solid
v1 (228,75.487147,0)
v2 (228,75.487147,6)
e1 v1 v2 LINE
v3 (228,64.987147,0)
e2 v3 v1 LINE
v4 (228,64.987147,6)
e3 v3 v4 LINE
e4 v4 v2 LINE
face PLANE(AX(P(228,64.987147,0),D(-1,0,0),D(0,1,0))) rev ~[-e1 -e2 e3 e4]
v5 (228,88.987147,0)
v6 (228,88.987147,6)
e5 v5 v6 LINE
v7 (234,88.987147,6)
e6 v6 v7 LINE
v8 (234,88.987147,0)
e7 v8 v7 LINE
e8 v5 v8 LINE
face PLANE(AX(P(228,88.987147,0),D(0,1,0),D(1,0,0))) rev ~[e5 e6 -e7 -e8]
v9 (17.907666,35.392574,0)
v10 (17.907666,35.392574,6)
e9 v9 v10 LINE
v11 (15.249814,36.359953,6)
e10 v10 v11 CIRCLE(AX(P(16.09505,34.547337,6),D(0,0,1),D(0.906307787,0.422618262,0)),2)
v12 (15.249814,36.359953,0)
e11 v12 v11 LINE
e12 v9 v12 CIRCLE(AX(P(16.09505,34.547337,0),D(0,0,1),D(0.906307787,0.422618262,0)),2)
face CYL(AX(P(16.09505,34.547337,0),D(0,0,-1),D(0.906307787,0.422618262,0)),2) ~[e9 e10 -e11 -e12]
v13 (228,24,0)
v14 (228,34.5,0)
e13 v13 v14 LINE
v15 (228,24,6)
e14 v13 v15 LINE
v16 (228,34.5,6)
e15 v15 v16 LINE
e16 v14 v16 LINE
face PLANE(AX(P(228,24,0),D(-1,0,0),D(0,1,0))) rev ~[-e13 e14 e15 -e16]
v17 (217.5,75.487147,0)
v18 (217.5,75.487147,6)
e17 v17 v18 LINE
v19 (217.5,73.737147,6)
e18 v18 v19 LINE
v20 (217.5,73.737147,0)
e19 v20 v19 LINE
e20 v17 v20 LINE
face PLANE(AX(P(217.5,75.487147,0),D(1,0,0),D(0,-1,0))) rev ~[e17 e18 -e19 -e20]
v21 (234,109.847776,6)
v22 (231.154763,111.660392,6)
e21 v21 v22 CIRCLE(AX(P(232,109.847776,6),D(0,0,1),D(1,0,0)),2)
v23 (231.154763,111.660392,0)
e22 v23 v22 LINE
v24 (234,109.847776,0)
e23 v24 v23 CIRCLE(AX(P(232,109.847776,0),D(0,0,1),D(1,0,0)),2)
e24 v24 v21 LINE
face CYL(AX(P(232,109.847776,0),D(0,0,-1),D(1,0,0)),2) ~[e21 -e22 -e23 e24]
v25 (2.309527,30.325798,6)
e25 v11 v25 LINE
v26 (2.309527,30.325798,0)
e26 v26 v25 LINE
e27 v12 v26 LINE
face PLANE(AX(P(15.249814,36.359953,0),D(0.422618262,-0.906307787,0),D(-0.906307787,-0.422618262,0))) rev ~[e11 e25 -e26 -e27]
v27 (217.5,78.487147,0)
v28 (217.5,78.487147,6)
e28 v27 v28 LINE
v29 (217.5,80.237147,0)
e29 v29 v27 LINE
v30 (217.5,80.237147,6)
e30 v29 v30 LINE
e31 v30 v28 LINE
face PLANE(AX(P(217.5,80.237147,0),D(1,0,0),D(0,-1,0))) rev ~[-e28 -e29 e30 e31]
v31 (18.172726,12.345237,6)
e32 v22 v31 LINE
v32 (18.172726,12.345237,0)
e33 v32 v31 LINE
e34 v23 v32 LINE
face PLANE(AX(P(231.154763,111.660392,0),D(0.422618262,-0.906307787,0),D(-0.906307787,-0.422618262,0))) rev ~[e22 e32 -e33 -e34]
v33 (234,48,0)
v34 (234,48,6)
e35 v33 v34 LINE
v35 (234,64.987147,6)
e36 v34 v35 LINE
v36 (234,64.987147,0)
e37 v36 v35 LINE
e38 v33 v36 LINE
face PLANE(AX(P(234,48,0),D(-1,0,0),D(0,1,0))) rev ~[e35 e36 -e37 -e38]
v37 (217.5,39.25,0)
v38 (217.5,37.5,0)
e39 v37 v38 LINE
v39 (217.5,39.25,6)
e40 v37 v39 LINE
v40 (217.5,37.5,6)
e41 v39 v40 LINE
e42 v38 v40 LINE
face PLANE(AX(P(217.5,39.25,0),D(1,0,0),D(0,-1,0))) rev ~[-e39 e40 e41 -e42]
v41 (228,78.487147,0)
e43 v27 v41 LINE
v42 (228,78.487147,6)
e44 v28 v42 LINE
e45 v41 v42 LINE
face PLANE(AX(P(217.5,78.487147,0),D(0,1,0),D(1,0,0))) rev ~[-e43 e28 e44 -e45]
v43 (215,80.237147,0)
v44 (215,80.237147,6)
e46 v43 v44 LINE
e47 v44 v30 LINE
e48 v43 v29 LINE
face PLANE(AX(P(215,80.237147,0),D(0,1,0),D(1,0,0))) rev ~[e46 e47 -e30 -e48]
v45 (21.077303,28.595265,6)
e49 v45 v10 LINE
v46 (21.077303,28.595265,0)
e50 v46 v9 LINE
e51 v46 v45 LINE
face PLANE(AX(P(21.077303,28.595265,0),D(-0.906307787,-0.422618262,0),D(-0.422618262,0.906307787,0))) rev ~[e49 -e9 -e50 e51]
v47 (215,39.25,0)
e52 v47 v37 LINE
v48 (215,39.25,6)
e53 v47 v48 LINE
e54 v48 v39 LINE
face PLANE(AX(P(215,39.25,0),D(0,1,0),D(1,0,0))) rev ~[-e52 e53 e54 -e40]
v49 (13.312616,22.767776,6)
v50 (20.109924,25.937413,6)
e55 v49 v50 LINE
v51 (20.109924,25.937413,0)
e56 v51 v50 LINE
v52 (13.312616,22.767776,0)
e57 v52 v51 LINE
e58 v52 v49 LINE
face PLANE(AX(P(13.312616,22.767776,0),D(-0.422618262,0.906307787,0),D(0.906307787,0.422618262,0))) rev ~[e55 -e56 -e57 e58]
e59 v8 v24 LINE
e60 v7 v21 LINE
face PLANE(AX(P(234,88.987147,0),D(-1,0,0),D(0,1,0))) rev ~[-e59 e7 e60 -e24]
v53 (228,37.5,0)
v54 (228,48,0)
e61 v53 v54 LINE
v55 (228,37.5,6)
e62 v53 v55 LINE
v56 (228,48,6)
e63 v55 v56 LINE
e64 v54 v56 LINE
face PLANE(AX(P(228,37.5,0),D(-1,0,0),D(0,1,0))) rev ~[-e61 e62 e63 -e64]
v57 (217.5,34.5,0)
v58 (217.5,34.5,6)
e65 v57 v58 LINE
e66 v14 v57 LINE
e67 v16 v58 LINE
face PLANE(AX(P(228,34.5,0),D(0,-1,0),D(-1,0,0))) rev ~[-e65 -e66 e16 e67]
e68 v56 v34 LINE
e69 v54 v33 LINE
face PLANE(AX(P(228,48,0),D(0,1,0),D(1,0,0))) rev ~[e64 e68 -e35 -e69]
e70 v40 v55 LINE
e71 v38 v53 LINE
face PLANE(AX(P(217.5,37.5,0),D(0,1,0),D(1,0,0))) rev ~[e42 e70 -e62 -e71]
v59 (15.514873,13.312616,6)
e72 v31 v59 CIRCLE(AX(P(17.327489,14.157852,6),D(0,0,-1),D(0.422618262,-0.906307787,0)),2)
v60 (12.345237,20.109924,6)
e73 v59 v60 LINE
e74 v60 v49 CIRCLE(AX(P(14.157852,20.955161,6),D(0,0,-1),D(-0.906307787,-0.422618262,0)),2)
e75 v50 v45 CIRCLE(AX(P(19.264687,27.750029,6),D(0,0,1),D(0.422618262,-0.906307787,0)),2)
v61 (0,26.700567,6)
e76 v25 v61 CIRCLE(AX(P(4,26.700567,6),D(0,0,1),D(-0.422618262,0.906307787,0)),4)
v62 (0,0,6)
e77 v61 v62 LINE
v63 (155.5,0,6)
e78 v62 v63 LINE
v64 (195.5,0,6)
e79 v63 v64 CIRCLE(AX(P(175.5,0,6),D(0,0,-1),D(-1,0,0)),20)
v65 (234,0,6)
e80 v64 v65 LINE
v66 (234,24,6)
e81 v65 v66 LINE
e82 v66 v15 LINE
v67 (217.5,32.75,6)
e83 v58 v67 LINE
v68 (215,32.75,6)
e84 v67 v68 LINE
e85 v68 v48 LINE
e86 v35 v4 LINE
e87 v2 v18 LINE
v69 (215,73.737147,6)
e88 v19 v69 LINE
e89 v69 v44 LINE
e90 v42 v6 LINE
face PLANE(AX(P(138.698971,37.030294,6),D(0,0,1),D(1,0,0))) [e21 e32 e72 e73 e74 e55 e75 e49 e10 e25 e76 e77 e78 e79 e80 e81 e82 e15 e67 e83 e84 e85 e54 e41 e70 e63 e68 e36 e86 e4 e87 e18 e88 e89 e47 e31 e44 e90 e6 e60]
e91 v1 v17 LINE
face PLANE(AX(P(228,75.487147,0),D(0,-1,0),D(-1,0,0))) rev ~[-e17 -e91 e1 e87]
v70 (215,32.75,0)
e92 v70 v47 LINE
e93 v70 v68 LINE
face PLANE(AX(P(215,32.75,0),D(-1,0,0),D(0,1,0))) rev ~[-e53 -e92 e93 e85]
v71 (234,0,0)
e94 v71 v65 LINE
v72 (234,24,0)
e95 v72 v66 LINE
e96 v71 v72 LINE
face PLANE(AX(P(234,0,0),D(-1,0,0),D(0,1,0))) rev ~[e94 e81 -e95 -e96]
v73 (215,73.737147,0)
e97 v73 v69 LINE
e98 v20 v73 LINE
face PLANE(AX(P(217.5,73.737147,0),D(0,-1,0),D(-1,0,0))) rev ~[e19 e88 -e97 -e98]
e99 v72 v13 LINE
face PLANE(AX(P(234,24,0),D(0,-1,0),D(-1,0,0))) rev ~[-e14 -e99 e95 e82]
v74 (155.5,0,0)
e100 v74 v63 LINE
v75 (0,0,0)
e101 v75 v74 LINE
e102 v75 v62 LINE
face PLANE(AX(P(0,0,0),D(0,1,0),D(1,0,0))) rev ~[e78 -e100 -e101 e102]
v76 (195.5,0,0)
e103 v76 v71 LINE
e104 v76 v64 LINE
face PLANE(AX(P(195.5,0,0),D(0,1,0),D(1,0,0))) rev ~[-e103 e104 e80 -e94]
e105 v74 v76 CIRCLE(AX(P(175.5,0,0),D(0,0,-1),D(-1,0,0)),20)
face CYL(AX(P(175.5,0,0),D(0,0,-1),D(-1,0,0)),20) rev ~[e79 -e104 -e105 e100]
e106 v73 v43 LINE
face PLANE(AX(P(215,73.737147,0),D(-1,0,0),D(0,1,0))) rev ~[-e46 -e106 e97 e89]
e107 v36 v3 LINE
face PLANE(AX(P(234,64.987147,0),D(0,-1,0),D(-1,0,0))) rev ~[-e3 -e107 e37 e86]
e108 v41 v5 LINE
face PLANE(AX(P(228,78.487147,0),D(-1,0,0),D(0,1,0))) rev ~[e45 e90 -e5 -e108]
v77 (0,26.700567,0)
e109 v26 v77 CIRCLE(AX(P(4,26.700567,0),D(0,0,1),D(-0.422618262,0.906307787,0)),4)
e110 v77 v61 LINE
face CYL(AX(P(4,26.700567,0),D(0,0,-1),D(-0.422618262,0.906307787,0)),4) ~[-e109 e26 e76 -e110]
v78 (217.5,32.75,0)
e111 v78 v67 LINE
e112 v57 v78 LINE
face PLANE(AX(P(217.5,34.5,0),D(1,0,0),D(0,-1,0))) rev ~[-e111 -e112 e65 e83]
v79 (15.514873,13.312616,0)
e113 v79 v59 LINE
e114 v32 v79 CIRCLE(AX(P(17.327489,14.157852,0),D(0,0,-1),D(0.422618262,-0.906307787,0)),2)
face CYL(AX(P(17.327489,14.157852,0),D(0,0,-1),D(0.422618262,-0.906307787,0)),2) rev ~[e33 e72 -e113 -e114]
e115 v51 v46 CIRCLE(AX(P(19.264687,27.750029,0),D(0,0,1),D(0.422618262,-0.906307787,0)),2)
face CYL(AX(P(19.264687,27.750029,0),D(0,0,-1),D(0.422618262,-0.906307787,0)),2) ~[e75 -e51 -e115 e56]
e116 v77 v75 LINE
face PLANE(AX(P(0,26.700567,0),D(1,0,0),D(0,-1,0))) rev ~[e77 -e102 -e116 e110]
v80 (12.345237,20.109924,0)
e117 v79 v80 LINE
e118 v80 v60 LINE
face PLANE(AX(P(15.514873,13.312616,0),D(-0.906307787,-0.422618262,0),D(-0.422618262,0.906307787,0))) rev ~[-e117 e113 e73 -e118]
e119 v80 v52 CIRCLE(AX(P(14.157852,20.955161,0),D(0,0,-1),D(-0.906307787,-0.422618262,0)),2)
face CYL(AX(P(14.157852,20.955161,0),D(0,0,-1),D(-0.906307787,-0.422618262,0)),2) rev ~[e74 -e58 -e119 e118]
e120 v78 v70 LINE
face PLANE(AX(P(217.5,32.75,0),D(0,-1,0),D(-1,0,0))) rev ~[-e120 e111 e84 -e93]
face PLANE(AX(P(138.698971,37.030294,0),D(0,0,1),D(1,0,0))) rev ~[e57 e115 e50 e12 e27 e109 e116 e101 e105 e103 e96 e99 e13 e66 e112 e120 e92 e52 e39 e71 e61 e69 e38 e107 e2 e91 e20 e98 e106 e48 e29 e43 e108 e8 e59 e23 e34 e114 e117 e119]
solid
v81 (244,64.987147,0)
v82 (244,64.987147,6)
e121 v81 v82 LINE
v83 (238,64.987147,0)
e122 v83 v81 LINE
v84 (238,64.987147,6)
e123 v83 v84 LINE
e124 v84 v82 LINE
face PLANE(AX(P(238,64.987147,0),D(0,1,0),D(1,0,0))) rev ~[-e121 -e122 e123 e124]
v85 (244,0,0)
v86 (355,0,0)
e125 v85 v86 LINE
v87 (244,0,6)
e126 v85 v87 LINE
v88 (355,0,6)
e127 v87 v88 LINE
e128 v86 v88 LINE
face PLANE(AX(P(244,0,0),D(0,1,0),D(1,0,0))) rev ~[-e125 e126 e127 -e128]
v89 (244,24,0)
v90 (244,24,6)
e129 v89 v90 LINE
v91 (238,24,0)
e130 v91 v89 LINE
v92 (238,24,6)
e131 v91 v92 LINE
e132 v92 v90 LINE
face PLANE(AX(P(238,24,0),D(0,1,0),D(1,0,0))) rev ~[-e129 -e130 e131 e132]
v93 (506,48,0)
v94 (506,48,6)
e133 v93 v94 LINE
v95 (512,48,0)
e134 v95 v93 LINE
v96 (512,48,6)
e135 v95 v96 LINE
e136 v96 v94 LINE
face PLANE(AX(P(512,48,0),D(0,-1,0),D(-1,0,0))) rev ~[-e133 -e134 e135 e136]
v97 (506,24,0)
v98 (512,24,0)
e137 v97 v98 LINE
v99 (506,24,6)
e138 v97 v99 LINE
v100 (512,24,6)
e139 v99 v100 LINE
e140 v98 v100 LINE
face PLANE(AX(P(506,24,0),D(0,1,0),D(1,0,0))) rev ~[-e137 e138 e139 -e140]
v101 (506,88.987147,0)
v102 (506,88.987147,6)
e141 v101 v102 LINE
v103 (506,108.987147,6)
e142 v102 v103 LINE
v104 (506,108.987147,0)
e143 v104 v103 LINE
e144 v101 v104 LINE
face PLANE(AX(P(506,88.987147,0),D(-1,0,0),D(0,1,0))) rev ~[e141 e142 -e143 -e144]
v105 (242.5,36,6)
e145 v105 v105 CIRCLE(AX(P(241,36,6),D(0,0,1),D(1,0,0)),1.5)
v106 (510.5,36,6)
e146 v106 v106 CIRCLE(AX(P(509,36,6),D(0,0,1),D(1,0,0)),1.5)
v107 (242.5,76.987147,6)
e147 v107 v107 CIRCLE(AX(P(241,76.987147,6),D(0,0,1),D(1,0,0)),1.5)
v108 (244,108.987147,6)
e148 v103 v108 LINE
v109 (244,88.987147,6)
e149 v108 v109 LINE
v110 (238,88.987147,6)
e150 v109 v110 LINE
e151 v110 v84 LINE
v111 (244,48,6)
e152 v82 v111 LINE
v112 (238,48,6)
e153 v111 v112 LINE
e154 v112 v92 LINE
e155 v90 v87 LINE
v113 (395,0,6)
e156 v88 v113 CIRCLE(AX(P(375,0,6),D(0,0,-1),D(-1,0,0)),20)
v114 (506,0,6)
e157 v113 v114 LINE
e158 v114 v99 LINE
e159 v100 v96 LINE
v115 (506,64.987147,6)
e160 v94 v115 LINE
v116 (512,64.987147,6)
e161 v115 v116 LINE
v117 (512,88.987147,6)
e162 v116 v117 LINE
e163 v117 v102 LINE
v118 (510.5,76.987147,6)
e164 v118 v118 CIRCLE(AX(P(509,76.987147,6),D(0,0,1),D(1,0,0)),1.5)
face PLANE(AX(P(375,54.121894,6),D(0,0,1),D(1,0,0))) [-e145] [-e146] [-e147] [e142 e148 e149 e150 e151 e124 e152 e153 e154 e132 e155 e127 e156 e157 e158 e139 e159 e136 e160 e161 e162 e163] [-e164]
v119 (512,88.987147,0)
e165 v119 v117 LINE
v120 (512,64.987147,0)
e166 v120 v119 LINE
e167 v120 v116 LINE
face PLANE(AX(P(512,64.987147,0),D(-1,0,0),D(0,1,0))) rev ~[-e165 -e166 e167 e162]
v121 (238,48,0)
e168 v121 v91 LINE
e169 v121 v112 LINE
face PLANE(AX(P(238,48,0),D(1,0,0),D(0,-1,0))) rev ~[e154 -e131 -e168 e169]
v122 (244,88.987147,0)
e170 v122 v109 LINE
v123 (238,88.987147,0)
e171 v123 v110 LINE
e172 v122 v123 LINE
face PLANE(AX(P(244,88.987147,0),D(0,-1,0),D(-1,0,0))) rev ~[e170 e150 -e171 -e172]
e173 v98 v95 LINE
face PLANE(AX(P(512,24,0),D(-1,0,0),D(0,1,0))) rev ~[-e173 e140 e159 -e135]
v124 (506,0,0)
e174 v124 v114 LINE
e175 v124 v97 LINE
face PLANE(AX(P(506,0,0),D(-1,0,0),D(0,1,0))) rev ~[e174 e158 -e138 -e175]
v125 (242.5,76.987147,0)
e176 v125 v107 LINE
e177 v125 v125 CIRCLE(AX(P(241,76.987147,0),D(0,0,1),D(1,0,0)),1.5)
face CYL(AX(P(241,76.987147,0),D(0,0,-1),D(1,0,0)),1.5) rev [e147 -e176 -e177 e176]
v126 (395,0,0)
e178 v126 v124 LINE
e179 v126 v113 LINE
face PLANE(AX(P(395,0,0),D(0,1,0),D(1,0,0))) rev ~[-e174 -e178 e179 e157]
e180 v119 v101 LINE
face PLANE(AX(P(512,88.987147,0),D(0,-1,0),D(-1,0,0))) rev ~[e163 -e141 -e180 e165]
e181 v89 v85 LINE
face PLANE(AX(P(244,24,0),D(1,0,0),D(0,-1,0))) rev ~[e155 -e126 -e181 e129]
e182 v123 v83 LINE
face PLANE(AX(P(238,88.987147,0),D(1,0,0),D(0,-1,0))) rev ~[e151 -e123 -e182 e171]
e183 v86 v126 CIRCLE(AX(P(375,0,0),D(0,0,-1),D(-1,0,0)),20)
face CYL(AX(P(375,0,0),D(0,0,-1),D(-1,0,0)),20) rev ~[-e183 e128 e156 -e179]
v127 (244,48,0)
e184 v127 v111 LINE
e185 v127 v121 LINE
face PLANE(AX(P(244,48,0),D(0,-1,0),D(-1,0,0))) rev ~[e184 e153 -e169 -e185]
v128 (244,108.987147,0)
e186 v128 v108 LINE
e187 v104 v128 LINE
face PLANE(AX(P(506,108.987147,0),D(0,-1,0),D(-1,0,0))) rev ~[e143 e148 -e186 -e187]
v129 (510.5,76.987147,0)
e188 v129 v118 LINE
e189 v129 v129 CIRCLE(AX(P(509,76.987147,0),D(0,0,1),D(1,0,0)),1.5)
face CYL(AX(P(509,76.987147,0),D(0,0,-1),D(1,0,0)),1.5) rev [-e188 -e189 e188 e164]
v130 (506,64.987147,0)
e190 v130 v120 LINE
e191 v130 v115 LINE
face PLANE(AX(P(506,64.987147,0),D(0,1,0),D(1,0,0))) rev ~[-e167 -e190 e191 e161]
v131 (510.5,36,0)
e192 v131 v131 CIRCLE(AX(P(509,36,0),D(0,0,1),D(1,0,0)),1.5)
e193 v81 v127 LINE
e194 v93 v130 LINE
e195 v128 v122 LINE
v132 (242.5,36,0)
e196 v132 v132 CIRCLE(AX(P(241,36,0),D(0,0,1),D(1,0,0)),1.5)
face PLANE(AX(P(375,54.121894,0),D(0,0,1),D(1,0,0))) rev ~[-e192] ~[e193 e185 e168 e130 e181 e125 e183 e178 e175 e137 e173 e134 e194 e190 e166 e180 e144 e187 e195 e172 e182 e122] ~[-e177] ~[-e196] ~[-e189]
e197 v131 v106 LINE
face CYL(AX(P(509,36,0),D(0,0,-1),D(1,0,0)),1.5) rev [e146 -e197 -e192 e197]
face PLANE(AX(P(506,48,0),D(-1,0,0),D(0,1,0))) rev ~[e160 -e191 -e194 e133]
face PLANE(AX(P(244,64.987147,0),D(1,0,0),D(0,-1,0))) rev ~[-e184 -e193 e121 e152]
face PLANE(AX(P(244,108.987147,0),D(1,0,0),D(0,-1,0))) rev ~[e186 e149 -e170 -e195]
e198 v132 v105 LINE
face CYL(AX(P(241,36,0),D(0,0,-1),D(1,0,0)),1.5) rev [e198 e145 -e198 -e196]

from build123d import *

# Parameters (mm, degrees)
F2_DEPTH = 6
F1_R     = 1.5


with BuildPart() as f2:
    # F1 (on Top) → F2 (new body)
    with BuildSketch(Plane.XY):
        with BuildLine():
            Line((13.3126155741, 22.7677760744), (20.1099239768, 25.9374130375))
            ThreePointArc((20.1099239768, 25.9374130375), (21.1440726949, 27.0659883249), (21.0773030274, 28.595265135))
            Line((21.0773030274, 28.595265135), (17.9076660644, 35.3925735378))
            ThreePointArc((17.9076660644, 35.3925735378), (16.779090777, 36.4267222559), (15.2498139668, 36.3599525884))
            Line((15.2498139668, 36.3599525884), (2.309526953, 30.3257976551))
            ThreePointArc((2.309526953, 30.3257976551), (0.6264342167, 28.8497649404), (0, 26.700566507))
            Line((0, 26.700566507), (0, 0))
            Line((0, 0), (155.5, 0))
            ThreePointArc((155.5, 0), (175.5, 20), (195.5, 0))
            Line((195.5, 0), (234, 0))
            Line((234, 0), (234, 24))
            Line((234, 24), (228, 24))
            Line((228, 24), (228, 34.5))
            Line((228, 34.5), (217.5, 34.5))
            Line((217.5, 34.5), (217.5, 32.75))
            Line((217.5, 32.75), (215, 32.75))
            Line((215, 32.75), (215, 36))
            Line((215, 36), (215, 39.25))
            Line((215, 39.25), (217.5, 39.25))
            Line((217.5, 39.25), (217.5, 37.5))
            Line((217.5, 37.5), (228, 37.5))
            Line((228, 37.5), (228, 48))
            Line((228, 48), (234, 48))
            Line((234, 48), (234, 64.9871474223))
            Line((234, 64.9871474223), (228, 64.9871474223))
            Line((228, 64.9871474223), (228, 75.4871474223))
            Line((228, 75.4871474223), (217.5, 75.4871474223))
            Line((217.5, 75.4871474223), (217.5, 73.7371474223))
            Line((217.5, 73.7371474223), (215, 73.7371474223))
            Line((215, 73.7371474223), (215, 76.9871474223))
            Line((215, 76.9871474223), (215, 80.2371474223))
            Line((215, 80.2371474223), (217.5, 80.2371474223))
            Line((217.5, 80.2371474223), (217.5, 78.4871474223))
            Line((217.5, 78.4871474223), (228, 78.4871474223))
            Line((228, 78.4871474223), (228, 88.9871474223))
            Line((228, 88.9871474223), (234, 88.9871474223))
            Line((234, 88.9871474223), (234, 109.8477762681))
            ThreePointArc((234, 109.8477762681), (233.0745992167, 111.5345591597), (231.1547634765, 111.6603918422))
            Line((231.1547634765, 111.6603918422), (18.1727255841, 12.3452365235))
            ThreePointArc((18.1727255841, 12.3452365235), (16.643448774, 12.278466856), (15.5148734865, 13.3126155741))
            Line((15.5148734865, 13.3126155741), (12.3452365235, 20.1099239768))
            ThreePointArc((12.3452365235, 20.1099239768), (12.278466856, 21.639200787), (13.3126155741, 22.7677760744))
        make_face()
    extrude(amount=F2_DEPTH)


with BuildPart() as f2b:
    # F1 (on Top) → F2, piece 2 (new body)
    with BuildSketch(Plane.XY):
        with BuildLine():
            Line((506, 108.9871474223), (244, 108.9871474223))
            Line((244, 108.9871474223), (244, 88.9871474223))
            Line((244, 88.9871474223), (238, 88.9871474223))
            Line((238, 88.9871474223), (238, 64.9871474223))
            Line((238, 64.9871474223), (244, 64.9871474223))
            Line((244, 64.9871474223), (244, 48))
            Line((244, 48), (238, 48))
            Line((238, 48), (238, 24))
            Line((238, 24), (244, 24))
            Line((244, 24), (244, 0))
            Line((244, 0), (355, 0))
            ThreePointArc((355, 0), (375, 20), (395, 0))
            Line((395, 0), (506, 0))
            Line((506, 0), (506, 24))
            Line((506, 24), (512, 24))
            Line((512, 24), (512, 48))
            Line((512, 48), (506, 48))
            Line((506, 48), (506, 64.9871474223))
            Line((506, 64.9871474223), (512, 64.9871474223))
            Line((512, 64.9871474223), (512, 88.9871474223))
            Line((512, 88.9871474223), (506, 88.9871474223))
            Line((506, 88.9871474223), (506, 108.9871474223))
        make_face()
        with Locations((241, 36)):
            Circle(F1_R, mode=Mode.SUBTRACT)
        with Locations((509, 36)):
            Circle(F1_R, mode=Mode.SUBTRACT)
        with Locations((241, 76.9871474223)):
            Circle(F1_R, mode=Mode.SUBTRACT)
        with Locations((509, 76.9871474223)):
            Circle(F1_R, mode=Mode.SUBTRACT)
    extrude(amount=F2_DEPTH)


solid = Compound([f2.part, f2b.part])
